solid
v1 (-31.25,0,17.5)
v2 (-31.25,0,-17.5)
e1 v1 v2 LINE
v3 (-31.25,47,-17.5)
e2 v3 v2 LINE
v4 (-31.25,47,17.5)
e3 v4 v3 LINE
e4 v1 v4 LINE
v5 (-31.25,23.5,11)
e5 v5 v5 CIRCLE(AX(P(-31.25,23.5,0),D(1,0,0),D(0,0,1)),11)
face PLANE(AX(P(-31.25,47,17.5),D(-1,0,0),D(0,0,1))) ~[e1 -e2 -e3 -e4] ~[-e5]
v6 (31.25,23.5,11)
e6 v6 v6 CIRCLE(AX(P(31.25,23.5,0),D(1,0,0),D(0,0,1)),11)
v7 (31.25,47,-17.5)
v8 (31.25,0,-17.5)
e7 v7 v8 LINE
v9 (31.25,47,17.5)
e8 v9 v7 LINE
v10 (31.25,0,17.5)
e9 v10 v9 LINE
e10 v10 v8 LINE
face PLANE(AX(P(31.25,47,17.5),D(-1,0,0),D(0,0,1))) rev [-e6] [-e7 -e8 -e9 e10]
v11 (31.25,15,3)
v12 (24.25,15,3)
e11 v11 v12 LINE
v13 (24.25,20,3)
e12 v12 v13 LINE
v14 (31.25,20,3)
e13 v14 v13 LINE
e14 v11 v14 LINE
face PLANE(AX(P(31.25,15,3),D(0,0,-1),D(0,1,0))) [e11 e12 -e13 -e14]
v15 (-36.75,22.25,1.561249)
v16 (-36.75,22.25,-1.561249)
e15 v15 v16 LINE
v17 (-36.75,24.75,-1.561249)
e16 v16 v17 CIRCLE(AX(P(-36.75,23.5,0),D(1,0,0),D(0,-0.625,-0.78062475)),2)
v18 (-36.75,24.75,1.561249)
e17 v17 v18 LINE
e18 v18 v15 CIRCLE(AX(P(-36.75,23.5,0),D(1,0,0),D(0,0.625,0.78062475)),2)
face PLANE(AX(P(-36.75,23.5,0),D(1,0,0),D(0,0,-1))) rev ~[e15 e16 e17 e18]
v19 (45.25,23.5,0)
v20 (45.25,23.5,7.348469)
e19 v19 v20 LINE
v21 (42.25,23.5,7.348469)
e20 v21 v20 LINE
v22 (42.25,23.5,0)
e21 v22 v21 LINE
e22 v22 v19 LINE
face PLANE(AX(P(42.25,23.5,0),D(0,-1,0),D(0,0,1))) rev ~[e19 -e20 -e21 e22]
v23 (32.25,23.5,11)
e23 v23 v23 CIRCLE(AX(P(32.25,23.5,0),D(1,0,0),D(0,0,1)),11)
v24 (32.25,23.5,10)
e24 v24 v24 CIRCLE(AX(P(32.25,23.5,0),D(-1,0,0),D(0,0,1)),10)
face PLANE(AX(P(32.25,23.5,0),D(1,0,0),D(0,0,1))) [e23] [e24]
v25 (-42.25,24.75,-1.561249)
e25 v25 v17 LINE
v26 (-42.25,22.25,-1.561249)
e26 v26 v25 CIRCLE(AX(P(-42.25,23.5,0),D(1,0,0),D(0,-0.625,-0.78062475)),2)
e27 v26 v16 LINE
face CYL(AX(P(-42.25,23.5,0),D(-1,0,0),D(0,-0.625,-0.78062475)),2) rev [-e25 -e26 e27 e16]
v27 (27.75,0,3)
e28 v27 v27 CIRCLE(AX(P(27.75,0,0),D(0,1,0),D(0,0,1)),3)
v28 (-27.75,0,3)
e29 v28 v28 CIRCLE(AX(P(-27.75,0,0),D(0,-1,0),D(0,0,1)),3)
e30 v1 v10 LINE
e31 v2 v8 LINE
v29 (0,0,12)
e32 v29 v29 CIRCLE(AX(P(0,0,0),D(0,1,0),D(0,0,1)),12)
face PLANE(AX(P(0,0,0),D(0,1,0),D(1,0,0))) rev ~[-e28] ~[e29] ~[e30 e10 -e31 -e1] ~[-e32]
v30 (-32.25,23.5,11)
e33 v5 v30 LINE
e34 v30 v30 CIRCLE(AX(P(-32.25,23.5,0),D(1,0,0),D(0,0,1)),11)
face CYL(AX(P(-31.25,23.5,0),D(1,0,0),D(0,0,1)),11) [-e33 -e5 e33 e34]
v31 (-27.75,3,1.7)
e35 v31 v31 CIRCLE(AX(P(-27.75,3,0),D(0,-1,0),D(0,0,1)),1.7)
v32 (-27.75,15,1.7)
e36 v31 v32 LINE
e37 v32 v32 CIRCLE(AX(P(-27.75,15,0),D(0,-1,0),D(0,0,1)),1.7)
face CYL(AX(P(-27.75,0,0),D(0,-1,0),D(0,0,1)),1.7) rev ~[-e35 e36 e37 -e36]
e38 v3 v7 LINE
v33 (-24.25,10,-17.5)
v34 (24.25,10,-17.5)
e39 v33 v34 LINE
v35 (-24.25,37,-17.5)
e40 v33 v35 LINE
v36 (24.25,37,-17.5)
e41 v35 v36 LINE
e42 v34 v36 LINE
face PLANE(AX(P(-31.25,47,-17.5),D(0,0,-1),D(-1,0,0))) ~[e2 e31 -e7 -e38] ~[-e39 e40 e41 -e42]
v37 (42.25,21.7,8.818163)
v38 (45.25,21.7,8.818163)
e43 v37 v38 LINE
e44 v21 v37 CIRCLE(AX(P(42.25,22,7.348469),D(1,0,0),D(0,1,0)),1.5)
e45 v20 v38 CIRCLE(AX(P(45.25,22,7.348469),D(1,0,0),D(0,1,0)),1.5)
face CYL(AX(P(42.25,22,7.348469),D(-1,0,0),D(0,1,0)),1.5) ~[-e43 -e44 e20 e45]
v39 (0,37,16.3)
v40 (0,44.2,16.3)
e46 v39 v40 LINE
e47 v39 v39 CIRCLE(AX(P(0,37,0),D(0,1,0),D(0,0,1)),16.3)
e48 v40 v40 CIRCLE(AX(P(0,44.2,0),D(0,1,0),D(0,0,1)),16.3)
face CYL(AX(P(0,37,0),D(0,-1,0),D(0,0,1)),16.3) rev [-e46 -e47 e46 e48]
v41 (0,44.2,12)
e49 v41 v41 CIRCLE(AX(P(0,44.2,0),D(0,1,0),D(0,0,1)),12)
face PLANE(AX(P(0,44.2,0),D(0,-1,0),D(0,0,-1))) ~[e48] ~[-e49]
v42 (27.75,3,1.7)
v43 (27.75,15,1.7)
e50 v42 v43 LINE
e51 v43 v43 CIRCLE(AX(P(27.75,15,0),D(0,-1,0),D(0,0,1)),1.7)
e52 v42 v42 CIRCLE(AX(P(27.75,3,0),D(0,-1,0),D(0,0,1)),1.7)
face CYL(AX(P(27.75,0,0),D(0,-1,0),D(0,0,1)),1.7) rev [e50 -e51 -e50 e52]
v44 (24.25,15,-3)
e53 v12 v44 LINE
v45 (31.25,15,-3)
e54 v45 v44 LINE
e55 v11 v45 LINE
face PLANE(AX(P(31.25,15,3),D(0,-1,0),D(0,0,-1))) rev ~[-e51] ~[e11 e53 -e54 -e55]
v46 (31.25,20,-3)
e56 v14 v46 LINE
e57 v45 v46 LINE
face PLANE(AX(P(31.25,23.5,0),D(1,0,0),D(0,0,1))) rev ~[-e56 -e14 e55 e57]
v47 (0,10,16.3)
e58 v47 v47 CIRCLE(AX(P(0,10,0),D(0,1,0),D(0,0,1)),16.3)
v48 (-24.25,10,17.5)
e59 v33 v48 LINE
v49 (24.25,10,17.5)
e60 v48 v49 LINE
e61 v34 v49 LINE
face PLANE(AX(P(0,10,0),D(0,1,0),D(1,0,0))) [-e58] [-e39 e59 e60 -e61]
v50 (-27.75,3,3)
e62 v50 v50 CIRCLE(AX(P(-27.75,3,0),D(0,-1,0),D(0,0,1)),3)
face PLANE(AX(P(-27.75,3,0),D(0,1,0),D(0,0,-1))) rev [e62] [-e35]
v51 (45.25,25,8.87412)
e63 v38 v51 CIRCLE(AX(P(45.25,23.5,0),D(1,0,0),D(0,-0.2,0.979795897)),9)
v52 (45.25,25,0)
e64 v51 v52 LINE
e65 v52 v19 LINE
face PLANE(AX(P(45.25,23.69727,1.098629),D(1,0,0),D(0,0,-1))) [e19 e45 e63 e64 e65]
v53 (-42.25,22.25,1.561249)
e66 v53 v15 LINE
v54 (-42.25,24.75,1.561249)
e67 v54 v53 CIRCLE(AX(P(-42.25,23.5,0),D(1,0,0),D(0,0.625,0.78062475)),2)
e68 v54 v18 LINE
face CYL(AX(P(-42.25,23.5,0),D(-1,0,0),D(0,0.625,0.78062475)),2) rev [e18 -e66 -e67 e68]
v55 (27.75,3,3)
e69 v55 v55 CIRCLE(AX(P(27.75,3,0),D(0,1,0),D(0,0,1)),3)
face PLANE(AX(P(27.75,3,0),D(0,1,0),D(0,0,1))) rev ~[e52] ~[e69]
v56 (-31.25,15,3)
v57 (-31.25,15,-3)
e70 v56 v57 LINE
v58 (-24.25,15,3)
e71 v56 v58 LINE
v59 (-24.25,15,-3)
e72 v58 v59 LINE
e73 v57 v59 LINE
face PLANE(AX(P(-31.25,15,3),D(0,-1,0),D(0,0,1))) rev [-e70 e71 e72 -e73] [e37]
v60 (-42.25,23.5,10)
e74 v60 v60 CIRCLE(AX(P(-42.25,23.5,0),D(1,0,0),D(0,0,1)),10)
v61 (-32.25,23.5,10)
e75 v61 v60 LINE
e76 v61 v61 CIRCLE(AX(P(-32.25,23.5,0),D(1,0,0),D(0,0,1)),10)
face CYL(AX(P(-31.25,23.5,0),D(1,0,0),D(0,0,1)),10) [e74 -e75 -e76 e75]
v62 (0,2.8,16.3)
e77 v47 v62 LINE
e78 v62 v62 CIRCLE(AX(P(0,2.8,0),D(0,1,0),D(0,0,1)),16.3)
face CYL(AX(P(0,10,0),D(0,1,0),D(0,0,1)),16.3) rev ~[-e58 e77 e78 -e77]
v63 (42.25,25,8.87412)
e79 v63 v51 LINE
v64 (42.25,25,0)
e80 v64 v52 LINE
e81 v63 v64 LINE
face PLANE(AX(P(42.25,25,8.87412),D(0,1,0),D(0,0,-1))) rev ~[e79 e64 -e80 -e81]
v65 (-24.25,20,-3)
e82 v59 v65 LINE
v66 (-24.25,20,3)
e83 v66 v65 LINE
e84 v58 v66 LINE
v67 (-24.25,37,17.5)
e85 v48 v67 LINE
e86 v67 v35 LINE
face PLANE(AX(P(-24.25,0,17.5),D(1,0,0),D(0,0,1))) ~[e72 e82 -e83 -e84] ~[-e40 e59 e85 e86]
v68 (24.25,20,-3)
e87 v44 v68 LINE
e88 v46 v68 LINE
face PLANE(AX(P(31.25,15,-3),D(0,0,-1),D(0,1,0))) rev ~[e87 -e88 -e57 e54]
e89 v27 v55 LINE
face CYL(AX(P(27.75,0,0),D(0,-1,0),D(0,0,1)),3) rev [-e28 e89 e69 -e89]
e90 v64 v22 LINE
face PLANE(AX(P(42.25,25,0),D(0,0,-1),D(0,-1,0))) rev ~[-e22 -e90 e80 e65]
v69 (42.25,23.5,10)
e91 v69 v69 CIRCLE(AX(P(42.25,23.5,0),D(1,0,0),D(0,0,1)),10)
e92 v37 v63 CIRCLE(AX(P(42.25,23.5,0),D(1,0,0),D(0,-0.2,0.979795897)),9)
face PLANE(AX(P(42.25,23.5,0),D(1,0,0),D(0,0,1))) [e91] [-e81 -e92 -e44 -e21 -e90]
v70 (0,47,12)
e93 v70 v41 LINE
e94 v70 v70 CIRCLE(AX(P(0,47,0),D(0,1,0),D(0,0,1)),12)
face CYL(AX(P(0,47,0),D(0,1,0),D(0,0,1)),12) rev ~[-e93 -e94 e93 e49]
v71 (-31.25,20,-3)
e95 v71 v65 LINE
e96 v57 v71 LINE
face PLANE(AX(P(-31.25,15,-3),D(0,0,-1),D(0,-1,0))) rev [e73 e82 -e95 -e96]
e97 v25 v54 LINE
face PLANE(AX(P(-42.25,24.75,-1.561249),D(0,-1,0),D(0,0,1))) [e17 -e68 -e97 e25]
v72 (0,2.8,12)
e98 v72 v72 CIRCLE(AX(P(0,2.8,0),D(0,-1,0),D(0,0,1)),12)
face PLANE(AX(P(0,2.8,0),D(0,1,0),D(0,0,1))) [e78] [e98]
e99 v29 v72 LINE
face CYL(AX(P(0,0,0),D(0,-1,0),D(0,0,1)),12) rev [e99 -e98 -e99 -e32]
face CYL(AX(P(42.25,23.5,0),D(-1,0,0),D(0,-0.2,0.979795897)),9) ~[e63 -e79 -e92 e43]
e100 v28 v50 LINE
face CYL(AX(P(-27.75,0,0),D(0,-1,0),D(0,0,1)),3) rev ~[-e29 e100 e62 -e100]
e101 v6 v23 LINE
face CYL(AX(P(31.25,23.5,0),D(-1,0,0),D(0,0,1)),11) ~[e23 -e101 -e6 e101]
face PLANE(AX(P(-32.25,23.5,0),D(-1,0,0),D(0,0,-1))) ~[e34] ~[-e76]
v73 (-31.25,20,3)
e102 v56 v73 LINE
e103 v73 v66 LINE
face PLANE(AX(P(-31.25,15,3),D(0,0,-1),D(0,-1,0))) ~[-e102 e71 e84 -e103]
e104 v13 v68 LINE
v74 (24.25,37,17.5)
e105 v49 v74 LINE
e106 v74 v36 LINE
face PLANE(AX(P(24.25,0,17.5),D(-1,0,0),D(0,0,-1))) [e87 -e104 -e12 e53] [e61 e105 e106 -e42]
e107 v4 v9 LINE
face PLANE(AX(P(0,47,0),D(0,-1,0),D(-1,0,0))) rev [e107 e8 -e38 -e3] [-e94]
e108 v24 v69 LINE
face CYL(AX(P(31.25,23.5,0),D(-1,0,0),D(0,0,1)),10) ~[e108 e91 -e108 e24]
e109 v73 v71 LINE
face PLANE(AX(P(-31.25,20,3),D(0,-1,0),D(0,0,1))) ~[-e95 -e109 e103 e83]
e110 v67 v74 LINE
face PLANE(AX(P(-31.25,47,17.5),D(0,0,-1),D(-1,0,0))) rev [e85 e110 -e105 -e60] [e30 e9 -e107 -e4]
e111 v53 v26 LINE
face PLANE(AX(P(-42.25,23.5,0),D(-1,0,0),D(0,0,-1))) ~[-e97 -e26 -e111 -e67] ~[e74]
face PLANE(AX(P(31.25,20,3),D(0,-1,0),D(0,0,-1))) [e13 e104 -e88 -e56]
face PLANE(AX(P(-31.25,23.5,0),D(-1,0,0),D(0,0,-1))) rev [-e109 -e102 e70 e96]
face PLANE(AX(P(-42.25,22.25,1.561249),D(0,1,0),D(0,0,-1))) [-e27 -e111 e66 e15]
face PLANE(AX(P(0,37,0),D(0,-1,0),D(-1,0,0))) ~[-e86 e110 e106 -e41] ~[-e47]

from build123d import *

# Parameters (mm, degrees)
SKETCH_1_W          = 62.5
SKETCH_1_H          = 35
SKETCH_1_R          = 12
EXTRUDE_1_DEPTH     = 10
SKETCH_2_R          = 16.3
CUT_EXTRUDE_1_DEPTH = 7.2
SKETCH_4_W          = 7
SKETCH_4_H          = 35
EXTRUDE_3_DEPTH     = 37
SKETCH_5_R          = 3
CUT_EXTRUDE_3_DEPTH = 3
SKETCH_7_R          = 1.7
CUT_EXTRUDE_4_DEPTH = 20
SKETCH_9_W          = 6
SKETCH_9_H          = 5
CUT_EXTRUDE_5_DEPTH = 7
SKETCH_10_R         = 10
EXTRUDE_4_DEPTH     = 11
SKETCH_11_R         = 11
EXTRUDE_5_DEPTH     = 1
EXTRUDE_6_DEPTH     = 3
CUT_EXTRUDE_6_DEPTH = 5.5


with BuildPart() as part:
    # 草图1 → 凸台-拉伸1 (new body)
    with BuildSketch(Plane(origin=(0, 0, 0), x_dir=(1, 0, 0), z_dir=(0, 1, 0))):
        Rectangle(SKETCH_1_W, SKETCH_1_H)
        with Locations(Location((0, 0, 0), (0, 0, 270))):
            Circle(SKETCH_1_R, mode=Mode.SUBTRACT)
    extrude_1 = extrude(amount=EXTRUDE_1_DEPTH)

    # 草图2 → 切除-拉伸1 (cut)
    with BuildSketch(Plane(origin=(0, 10, 0), x_dir=(1, 0, 0), z_dir=(0, 1, 0))):
        with Locations(Location((0, 0, 0), (0, 0, 270))):
            Circle(SKETCH_2_R)
    cut_extrude_1 = extrude(amount=-CUT_EXTRUDE_1_DEPTH, mode=Mode.SUBTRACT)

    # 草图4 → 凸台-拉伸3 (add)
    with BuildSketch(Plane(origin=(0, 0, 0), x_dir=(1, 0, 0), z_dir=(0, 1, 0))):
        with Locations((27.75, 0)):
            Rectangle(SKETCH_4_W, SKETCH_4_H)
    extrude_3 = extrude(amount=EXTRUDE_3_DEPTH)

    # 草图5 → 切除-拉伸3 (cut)
    with BuildSketch(Plane(origin=(0, 0, 0), x_dir=(1, 0, 0), z_dir=(0, 1, 0))):
        with Locations(Location((27.75, 0, 0), (0, 0, 270))):
            Circle(SKETCH_5_R)
    cut_extrude_3 = extrude(amount=CUT_EXTRUDE_3_DEPTH, mode=Mode.SUBTRACT)

    # 草图7 → 切除-拉伸4 (cut)
    with BuildSketch(Plane(origin=(0, 0, 0), x_dir=(1, 0, 0), z_dir=(0, 1, 0))):
        with Locations(Location((27.75, 0, 0), (0, 0, 270))):
            Circle(SKETCH_7_R)
    cut_extrude_4 = extrude(amount=CUT_EXTRUDE_4_DEPTH, mode=Mode.SUBTRACT)

    # 草图9 → 切除-拉伸5 (cut)
    with BuildSketch(Plane(origin=(31.25, 0, 0), x_dir=(0, 0, -1), z_dir=(1, 0, 0))):
        with Locations((0, 17.5)):
            Rectangle(SKETCH_9_W, SKETCH_9_H)
    cut_extrude_5 = extrude(amount=-CUT_EXTRUDE_5_DEPTH, mode=Mode.SUBTRACT)

    # 镜向4: 凸台-拉伸3, 切除-拉伸3, 切除-拉伸4, 切除-拉伸5 across plane
    add(extrude_3.mirror(Plane.ZY))
    add(cut_extrude_3.mirror(Plane.ZY), mode=Mode.SUBTRACT)
    add(cut_extrude_4.mirror(Plane.ZY), mode=Mode.SUBTRACT)
    add(cut_extrude_5.mirror(Plane.ZY), mode=Mode.SUBTRACT)

    # 镜向5: 凸台-拉伸1, 切除-拉伸1 across plane
    add(extrude_1.mirror(Plane.ZX.offset(23.5)))
    add(cut_extrude_1.mirror(Plane.ZX.offset(23.5)), mode=Mode.SUBTRACT)

    # 草图10 → 凸台-拉伸4 (add)
    with BuildSketch(Plane(origin=(31.25, 0, 0), x_dir=(0, 0, -1), z_dir=(1, 0, 0))):
        with Locations(Location((0, 23.5, 0), (0, 0, 180))):
            Circle(SKETCH_10_R)
    extrude_4 = extrude(amount=EXTRUDE_4_DEPTH)

    # 草图11 → 凸台-拉伸5 (add)
    with BuildSketch(Plane(origin=(31.25, 0, 0), x_dir=(0, 0, -1), z_dir=(1, 0, 0))):
        with Locations(Location((0, 23.5, 0), (0, 0, 180))):
            Circle(SKETCH_11_R)
    extrude_5 = extrude(amount=EXTRUDE_5_DEPTH)

    # 镜向6: 凸台-拉伸4, 凸台-拉伸5 across plane
    add(extrude_4.mirror(Plane.ZY))
    add(extrude_5.mirror(Plane.ZY))

    # 草图12 → 凸台-拉伸6 (add)
    with BuildSketch(Plane(origin=(42.25, 0, 0), x_dir=(0, 0, -1), z_dir=(1, 0, 0))):
        with BuildLine():
            Line((0, 23.5), (-7.348469228, 23.5))
            ThreePointArc((-7.348469228, 23.5), (-8.510364232, 22.948683298), (-8.818163074, 21.7))
            ThreePointArc((-8.818163074, 21.7), (8.998706419, 23.652586976), (-8.874119675, 25))
            Line((-8.874119675, 25), (0, 25))
            Line((0, 25), (0, 23.5))
        make_face()
    extrude(amount=EXTRUDE_6_DEPTH)

    # 草图13 → 切除-拉伸6 (cut)
    with BuildSketch(Plane.ZY.offset(42.25)):
        with BuildLine():
            Line((-1.5612495, 24.75), (1.5612495, 24.75))
            ThreePointArc((1.5612495, 24.75), (2, 23.5), (1.5612495, 22.25))
            Line((1.5612495, 22.25), (-1.5612495, 22.25))
            ThreePointArc((-1.5612495, 22.25), (-2, 23.5), (-1.5612495, 24.75))
        make_face()
    extrude(amount=-CUT_EXTRUDE_6_DEPTH, mode=Mode.SUBTRACT)


solid = part.part
